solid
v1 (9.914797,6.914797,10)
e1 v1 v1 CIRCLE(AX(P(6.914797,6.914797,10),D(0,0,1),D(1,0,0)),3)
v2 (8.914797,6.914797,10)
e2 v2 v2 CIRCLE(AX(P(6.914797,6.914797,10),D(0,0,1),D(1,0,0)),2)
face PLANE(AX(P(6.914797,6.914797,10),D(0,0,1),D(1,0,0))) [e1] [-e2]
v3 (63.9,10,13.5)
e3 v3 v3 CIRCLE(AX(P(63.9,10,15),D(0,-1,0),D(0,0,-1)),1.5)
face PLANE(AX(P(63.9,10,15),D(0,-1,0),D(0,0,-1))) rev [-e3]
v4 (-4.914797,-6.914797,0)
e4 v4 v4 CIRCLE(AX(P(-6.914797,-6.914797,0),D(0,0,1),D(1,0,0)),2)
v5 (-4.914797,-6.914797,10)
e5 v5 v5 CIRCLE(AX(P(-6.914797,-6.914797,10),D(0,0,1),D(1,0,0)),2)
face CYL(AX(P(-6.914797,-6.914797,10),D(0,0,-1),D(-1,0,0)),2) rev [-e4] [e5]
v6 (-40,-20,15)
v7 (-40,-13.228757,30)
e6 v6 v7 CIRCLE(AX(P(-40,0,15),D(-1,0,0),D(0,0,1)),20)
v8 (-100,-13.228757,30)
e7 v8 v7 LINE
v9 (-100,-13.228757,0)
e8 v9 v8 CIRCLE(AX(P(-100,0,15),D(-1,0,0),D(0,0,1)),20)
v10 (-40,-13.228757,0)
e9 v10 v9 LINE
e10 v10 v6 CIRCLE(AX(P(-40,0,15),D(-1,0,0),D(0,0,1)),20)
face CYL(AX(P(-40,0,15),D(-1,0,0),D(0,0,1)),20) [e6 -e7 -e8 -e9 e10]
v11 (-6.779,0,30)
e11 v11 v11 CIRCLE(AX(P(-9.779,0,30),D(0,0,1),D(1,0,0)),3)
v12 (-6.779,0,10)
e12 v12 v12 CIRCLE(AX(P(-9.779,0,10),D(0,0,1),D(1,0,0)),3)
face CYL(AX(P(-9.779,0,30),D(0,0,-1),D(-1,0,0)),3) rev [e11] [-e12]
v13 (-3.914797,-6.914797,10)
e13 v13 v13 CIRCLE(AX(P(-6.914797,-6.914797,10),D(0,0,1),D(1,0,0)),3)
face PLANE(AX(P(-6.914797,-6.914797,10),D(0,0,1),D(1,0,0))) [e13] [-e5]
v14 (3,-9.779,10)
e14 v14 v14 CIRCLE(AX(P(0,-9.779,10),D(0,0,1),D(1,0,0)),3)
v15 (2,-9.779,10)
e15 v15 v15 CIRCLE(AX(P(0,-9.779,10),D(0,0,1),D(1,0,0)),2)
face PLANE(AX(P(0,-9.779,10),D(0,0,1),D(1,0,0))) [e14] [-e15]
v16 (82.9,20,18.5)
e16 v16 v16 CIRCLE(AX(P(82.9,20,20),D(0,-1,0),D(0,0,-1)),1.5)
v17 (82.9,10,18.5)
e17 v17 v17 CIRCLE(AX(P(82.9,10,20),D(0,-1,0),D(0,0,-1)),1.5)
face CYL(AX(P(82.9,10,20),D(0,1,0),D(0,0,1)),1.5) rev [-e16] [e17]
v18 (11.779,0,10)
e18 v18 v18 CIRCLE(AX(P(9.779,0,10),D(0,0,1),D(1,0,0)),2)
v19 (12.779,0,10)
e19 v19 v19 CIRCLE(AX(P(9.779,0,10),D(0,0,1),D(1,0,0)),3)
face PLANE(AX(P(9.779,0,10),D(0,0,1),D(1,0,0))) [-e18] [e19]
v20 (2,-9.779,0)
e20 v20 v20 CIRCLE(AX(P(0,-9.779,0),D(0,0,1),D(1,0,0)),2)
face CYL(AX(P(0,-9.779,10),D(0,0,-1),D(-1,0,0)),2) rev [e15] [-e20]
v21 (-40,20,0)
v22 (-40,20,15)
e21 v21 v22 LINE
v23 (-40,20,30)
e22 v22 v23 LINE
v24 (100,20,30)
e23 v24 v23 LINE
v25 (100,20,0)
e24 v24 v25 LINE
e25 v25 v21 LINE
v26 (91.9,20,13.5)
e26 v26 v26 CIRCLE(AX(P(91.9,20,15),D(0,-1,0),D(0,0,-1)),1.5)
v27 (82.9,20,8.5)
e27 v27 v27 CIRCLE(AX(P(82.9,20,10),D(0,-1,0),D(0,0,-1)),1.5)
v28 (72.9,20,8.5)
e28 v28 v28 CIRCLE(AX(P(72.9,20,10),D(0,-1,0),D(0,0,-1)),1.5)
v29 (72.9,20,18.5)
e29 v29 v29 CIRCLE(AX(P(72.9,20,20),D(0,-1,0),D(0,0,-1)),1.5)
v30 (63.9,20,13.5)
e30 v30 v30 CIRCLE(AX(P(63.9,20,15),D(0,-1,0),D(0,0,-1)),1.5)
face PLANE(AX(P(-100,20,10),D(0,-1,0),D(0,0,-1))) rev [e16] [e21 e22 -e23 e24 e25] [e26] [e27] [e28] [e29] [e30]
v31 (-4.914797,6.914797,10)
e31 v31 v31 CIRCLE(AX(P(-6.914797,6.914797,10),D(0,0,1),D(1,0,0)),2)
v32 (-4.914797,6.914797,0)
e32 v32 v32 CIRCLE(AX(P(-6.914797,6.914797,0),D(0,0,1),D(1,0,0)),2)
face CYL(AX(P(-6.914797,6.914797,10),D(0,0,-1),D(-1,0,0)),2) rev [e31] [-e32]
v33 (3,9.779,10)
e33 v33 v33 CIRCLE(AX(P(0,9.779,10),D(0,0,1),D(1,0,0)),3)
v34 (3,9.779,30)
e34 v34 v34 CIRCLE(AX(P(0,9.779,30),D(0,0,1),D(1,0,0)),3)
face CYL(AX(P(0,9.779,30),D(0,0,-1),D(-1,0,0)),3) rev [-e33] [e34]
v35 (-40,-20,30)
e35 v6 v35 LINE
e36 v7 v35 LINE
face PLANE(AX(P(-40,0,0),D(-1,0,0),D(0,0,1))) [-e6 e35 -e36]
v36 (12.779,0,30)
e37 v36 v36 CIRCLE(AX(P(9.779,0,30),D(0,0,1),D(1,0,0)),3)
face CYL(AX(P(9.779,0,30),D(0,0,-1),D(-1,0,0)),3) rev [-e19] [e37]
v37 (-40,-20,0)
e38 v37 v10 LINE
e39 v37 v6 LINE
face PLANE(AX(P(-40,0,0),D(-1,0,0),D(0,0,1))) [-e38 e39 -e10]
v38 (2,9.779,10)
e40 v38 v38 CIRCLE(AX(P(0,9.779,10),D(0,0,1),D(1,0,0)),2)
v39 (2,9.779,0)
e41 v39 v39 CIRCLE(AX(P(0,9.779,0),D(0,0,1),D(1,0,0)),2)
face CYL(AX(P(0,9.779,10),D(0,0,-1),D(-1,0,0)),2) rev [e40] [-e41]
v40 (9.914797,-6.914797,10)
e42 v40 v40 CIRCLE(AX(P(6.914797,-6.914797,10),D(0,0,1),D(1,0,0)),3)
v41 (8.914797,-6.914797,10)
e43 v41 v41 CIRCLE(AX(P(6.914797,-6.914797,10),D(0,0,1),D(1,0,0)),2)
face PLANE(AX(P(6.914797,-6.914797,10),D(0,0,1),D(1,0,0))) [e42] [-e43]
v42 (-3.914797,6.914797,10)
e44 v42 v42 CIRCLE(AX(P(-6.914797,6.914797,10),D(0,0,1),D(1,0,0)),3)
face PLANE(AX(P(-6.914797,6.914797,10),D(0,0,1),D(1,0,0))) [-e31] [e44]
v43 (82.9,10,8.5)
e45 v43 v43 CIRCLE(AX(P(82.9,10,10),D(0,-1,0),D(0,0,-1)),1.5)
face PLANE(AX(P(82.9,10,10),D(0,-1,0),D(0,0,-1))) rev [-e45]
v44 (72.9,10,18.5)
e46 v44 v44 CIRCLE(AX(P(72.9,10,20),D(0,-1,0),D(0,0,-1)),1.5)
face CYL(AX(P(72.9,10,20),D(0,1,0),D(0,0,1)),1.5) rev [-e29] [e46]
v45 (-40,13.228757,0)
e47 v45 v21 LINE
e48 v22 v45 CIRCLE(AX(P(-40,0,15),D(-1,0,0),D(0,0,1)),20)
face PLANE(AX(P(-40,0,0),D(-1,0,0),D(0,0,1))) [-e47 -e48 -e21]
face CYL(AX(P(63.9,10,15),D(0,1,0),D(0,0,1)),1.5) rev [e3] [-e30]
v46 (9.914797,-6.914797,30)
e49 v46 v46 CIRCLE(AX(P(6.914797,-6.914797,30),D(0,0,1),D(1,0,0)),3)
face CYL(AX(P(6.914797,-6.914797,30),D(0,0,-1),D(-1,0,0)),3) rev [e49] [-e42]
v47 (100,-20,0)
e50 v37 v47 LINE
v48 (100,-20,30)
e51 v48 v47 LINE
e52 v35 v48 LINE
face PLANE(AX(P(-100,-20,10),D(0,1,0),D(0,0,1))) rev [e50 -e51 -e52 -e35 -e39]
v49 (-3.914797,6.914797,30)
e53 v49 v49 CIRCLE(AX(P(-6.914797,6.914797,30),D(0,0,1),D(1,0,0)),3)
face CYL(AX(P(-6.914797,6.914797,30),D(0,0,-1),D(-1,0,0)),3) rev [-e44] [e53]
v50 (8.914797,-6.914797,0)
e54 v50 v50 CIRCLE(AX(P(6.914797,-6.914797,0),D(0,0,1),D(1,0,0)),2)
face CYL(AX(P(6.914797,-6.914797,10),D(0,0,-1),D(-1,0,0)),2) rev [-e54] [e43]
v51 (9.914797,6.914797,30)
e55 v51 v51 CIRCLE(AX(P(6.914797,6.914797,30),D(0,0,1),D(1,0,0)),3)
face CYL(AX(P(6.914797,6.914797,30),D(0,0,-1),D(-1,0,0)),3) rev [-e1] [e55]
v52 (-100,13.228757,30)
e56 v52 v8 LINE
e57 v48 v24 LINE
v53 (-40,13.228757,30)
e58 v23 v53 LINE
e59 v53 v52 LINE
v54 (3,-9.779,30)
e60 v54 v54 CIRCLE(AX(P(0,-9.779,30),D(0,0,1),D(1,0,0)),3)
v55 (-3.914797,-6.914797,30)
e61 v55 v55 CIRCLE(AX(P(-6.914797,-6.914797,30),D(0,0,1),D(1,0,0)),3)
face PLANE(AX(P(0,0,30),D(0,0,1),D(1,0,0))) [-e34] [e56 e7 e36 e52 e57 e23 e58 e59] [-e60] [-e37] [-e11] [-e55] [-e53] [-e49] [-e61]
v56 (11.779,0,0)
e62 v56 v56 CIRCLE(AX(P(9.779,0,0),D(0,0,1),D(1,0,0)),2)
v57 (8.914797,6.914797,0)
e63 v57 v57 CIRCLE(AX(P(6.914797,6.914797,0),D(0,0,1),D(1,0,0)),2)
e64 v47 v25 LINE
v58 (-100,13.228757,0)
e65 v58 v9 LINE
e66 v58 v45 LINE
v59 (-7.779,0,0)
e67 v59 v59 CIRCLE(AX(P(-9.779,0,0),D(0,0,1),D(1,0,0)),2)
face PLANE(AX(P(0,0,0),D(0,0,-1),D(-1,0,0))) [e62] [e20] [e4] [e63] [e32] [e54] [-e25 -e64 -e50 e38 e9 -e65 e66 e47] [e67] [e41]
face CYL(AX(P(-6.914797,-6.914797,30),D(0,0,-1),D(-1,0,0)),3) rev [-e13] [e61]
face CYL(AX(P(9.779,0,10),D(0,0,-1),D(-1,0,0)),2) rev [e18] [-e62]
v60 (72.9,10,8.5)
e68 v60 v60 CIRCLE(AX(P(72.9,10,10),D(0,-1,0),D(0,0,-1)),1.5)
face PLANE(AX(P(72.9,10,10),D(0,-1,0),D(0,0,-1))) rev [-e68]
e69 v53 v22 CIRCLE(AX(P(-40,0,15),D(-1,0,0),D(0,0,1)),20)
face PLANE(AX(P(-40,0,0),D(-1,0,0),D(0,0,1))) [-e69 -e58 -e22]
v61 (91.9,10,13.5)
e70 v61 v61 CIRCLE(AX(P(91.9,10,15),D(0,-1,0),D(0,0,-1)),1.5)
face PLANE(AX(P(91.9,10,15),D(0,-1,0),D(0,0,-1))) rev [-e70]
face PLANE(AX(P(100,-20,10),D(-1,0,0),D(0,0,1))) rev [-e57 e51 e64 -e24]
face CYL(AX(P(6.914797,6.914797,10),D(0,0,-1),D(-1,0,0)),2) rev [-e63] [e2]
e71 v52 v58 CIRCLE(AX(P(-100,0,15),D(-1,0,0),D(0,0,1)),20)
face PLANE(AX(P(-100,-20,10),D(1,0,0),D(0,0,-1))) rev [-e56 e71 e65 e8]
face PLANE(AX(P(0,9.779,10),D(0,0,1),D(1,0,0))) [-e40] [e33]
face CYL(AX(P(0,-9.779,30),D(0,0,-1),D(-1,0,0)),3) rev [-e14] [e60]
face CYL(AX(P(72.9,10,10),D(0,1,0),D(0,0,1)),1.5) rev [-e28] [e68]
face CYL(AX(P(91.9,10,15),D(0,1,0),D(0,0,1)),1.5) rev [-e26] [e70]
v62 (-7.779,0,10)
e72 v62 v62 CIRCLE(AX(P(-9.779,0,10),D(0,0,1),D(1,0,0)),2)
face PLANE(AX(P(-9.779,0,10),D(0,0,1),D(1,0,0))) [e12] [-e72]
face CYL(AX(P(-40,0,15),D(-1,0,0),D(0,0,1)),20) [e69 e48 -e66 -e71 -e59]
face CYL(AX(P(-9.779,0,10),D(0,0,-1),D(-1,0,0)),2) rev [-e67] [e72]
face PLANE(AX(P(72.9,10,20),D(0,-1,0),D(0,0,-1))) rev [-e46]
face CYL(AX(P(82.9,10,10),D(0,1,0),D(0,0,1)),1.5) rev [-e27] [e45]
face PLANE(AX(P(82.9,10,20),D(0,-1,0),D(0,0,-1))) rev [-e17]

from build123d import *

# Parameters (mm, degrees)
CROQUIS1_W              = 200
CROQUIS1_H              = 40
CROQUIS1_R              = 2
SALIENTE_EXTRUIR1_DEPTH = 10
CROQUIS2_W              = 200
CROQUIS2_H              = 7
SALIENTE_EXTRUIR3_DEPTH = 20
CROQUIS3_W              = 84
CROQUIS3_H              = 26
SALIENTE_EXTRUIR4_DEPTH = 20
CROQUIS5_R              = 1.5
CORTAR_EXTRUIR1_DEPTH   = 10
CORTAR_EXTRUIR2_DEPTH   = 60
CROQUIS8_W              = 32
CROQUIS8_H              = 26
SALIENTE_EXTRUIR5_DEPTH = 20
CROQUIS7_R              = 3
CORTAR_EXTRUIR3_DEPTH   = 20


with BuildPart() as part:
    # Croquis1 → Saliente-Extruir1 (new body)
    with BuildSketch(Plane.XY):
        Rectangle(CROQUIS1_W, CROQUIS1_H)
        with Locations((0, 9.779)):
            Circle(CROQUIS1_R, mode=Mode.SUBTRACT)
        with Locations((6.914797213, 6.914797213)):
            Circle(CROQUIS1_R, mode=Mode.SUBTRACT)
        with Locations((9.779, 0)):
            Circle(CROQUIS1_R, mode=Mode.SUBTRACT)
        with Locations((6.914797213, -6.914797213)):
            Circle(CROQUIS1_R, mode=Mode.SUBTRACT)
        with Locations((0, -9.779)):
            Circle(CROQUIS1_R, mode=Mode.SUBTRACT)
        with Locations((-6.914797213, -6.914797213)):
            Circle(CROQUIS1_R, mode=Mode.SUBTRACT)
        with Locations((-9.779, 0)):
            Circle(CROQUIS1_R, mode=Mode.SUBTRACT)
        with Locations((-6.914797213, 6.914797213)):
            Circle(CROQUIS1_R, mode=Mode.SUBTRACT)
    extrude(amount=SALIENTE_EXTRUIR1_DEPTH)

    # Croquis2 → Saliente-Extruir3 (add)
    with BuildSketch(Plane.XY.offset(10)):
        with Locations((0, -16.5)):
            Rectangle(CROQUIS2_W, CROQUIS2_H)
        with Locations((0, 16.5)):
            Rectangle(CROQUIS2_W, CROQUIS2_H)
    extrude(amount=SALIENTE_EXTRUIR3_DEPTH)

    # Croquis3 → Saliente-Extruir4 (add)
    with BuildSketch(Plane.XY.offset(10)):
        with Locations((-58, 0)):
            Rectangle(CROQUIS3_W, CROQUIS3_H)
        with Locations((58, 0)):
            Rectangle(CROQUIS3_W, CROQUIS3_H)
    extrude(amount=SALIENTE_EXTRUIR4_DEPTH)

    # Croquis5 → Cortar-Extruir1 (cut)
    with BuildSketch(Plane(origin=(0, 20, 0), x_dir=(-1, 0, 0), z_dir=(0, -1, 0))):
        with Locations((-63.9, -15)):
            Circle(CROQUIS5_R)
        with Locations((-72.9, -10)):
            Circle(CROQUIS5_R)
        with Locations((-72.9, -20)):
            Circle(CROQUIS5_R)
        with Locations((-82.9, -20)):
            Circle(CROQUIS5_R)
        with Locations((-82.9, -10)):
            Circle(CROQUIS5_R)
        with Locations((-91.9, -15)):
            Circle(CROQUIS5_R)
    extrude(amount=CORTAR_EXTRUIR1_DEPTH, mode=Mode.SUBTRACT)

    # Croquis6 → Cortar-Extruir2 (cut)
    with BuildSketch(Plane.ZY.offset(100)):
        with BuildLine():
            Line((-8.93194877, 20), (-8.93194877, -20))
            Line((-8.93194877, -20), (0, -20))
            Line((0, -20), (0, -13.228756555))
            ThreePointArc((0, -13.228756555), (-5, 0), (0, 13.228756555))
            Line((0, 13.228756555), (0, 20))
            Line((0, 20), (-8.93194877, 20))
        make_face()
        with BuildLine():
            Line((30, -13.228756555), (30, -20))
            Line((30, -20), (38.93194877, -20))
            Line((38.93194877, -20), (38.93194877, 20))
            Line((38.93194877, 20), (30, 20))
            Line((30, 20), (30, 13.228756555))
            ThreePointArc((30, 13.228756555), (33.708286934, 7.071067812), (35, 0))
            ThreePointArc((35, 0), (33.708286934, -7.071067812), (30, -13.228756555))
        make_face()
        with BuildLine():
            ThreePointArc((30, -13.228756555), (23.228756555, -18.228756555), (15, -20))
            Line((15, -20), (30, -20))
            Line((30, -20), (30, -13.228756555))
        make_face()
        with BuildLine():
            Line((0, -13.228756555), (0, -20))
            Line((0, -20), (15, -20))
            ThreePointArc((15, -20), (6.771243445, -18.228756555), (0, -13.228756555))
        make_face()
        with BuildLine():
            Line((15, 20), (0, 20))
            Line((0, 20), (0, 13.228756555))
            ThreePointArc((0, 13.228756555), (6.771243445, 18.228756555), (15, 20))
        make_face()
        with BuildLine():
            Line((30, 20), (15, 20))
            ThreePointArc((15, 20), (23.228756555, 18.228756555), (30, 13.228756555))
            Line((30, 13.228756555), (30, 20))
        make_face()
    extrude(amount=-CORTAR_EXTRUIR2_DEPTH, mode=Mode.SUBTRACT)

    # Croquis8 → Saliente-Extruir5 (add)
    with BuildSketch(Plane.XY.offset(10)):
        Rectangle(CROQUIS8_W, CROQUIS8_H)
    extrude(amount=SALIENTE_EXTRUIR5_DEPTH)

    # Croquis7 → Cortar-Extruir3 (cut)
    with BuildSketch(Plane.XY.offset(10)):
        with Locations((0, 9.779)):
            Circle(CROQUIS7_R)
        with Locations((-6.914797213, 6.914797213)):
            Circle(CROQUIS7_R)
        with Locations((-9.779, 0)):
            Circle(CROQUIS7_R)
        with Locations((6.914797213, 6.914797213)):
            Circle(CROQUIS7_R)
        with Locations((9.779, 0)):
            Circle(CROQUIS7_R)
        with Locations((-6.914797213, -6.914797213)):
            Circle(CROQUIS7_R)
        with Locations((6.914797213, -6.914797213)):
            Circle(CROQUIS7_R)
        with Locations((0, -9.779)):
            Circle(CROQUIS7_R)
    extrude(amount=CORTAR_EXTRUIR3_DEPTH, mode=Mode.SUBTRACT)


solid = part.part
